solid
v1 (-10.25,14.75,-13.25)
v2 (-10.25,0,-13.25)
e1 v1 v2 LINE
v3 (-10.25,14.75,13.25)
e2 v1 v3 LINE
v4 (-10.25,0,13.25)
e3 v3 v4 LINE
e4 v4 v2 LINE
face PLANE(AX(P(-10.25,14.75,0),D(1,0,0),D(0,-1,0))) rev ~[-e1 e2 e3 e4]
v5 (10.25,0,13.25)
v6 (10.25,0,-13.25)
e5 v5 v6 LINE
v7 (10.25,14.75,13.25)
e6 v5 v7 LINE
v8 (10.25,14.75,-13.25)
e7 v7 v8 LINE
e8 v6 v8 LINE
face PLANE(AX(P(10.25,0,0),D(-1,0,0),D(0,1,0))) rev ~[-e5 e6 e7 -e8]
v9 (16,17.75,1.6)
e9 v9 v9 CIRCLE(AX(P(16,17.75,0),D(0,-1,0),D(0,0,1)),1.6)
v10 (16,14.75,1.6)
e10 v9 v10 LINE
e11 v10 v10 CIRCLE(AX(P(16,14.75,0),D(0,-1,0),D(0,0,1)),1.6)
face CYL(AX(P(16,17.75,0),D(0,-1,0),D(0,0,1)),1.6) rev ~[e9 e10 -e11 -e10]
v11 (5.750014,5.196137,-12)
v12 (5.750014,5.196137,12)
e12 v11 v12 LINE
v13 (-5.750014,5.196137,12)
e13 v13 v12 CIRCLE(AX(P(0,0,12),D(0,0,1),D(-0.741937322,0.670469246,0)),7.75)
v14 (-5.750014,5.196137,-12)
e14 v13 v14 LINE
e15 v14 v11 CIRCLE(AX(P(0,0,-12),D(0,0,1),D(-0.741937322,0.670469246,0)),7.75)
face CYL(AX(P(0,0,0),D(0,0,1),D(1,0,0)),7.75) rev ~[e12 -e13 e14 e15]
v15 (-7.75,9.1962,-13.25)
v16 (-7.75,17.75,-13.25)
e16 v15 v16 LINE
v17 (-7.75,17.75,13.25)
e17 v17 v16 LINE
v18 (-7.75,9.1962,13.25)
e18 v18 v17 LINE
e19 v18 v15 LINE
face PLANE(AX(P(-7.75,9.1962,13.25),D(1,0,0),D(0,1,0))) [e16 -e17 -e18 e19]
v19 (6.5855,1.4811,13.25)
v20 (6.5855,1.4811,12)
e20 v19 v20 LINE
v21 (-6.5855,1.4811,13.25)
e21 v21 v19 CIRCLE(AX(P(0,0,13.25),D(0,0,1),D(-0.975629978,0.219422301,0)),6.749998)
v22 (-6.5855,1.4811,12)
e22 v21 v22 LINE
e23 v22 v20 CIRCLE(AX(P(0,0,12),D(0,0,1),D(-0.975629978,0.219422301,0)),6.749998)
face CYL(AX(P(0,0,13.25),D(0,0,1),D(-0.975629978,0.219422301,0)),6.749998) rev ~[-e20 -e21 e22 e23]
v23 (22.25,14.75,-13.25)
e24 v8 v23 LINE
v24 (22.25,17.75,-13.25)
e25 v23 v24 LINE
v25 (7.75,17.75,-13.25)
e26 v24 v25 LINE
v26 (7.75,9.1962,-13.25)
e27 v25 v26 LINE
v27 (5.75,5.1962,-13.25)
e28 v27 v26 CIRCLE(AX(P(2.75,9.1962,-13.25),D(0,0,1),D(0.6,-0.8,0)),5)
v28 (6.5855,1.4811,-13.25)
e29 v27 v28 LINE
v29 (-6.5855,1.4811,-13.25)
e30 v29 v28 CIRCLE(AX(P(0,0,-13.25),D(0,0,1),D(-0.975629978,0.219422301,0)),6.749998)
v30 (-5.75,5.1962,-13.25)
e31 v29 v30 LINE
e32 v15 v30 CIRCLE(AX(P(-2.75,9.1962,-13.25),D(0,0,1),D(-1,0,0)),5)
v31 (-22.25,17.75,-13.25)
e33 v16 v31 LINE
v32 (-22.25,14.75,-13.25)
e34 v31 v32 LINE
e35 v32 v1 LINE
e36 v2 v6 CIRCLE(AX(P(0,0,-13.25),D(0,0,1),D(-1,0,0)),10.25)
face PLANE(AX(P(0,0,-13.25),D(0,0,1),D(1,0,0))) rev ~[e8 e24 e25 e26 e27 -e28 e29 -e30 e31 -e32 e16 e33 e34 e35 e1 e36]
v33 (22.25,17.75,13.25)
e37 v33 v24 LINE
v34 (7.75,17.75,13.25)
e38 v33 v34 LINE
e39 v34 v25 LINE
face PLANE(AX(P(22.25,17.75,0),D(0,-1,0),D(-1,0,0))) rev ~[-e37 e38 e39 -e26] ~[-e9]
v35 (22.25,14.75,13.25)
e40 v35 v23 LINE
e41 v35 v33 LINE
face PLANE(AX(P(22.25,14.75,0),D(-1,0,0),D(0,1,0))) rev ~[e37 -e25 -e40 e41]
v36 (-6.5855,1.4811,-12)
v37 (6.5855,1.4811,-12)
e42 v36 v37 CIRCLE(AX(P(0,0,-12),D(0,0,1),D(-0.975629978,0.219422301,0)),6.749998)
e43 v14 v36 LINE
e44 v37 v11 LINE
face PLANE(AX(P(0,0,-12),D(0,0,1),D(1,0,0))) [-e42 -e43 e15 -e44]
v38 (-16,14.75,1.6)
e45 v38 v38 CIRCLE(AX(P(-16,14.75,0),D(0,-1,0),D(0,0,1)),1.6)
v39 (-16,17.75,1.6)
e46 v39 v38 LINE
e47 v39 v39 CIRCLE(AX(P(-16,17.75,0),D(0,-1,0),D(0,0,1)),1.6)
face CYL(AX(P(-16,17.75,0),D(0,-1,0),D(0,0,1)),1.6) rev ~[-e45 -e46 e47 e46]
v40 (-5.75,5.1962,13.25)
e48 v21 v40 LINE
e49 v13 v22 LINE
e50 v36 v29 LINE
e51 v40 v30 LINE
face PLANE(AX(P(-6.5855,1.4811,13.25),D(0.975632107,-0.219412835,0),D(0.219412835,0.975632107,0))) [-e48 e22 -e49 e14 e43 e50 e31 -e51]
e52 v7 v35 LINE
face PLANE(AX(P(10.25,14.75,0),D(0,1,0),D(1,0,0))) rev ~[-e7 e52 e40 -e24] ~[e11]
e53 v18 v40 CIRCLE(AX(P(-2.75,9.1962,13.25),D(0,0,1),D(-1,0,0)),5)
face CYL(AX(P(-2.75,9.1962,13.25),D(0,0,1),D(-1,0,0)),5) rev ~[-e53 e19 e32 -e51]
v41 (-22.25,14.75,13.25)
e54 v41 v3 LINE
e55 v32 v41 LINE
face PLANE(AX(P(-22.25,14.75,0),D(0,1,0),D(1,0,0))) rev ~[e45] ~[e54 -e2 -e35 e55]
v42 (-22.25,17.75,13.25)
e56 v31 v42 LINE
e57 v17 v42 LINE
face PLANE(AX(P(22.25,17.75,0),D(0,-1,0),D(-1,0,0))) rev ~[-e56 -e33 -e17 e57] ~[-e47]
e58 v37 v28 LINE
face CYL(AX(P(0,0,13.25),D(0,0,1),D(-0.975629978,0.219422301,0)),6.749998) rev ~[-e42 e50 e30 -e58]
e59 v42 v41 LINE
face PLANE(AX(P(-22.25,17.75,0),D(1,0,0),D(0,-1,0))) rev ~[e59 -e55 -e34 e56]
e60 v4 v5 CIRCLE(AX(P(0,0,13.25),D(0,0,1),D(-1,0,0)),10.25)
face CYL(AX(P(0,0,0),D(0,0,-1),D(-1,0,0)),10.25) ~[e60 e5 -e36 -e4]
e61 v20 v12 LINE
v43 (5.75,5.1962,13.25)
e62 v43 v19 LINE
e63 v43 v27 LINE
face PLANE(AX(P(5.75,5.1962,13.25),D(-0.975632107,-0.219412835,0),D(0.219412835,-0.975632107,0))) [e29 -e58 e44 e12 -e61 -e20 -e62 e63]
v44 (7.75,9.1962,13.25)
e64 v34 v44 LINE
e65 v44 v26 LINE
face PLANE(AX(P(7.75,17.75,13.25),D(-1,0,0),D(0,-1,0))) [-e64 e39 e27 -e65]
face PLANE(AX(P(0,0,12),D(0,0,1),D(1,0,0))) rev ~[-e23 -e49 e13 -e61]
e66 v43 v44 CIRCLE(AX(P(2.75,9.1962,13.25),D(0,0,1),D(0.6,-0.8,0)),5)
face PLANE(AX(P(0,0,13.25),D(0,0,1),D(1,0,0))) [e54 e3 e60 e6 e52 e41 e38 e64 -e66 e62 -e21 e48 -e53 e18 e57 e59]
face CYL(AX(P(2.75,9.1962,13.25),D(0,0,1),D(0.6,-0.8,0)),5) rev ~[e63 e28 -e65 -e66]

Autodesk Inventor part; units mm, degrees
ref_plane "YZ Plane" through (0, 0, 0) normal (1, 0, 0) x (0, 1, 0)
ref_plane "XZ Plane" through (0, 0, 0) normal (0, 1, 0) x (-1, 0, 0)
ref_plane "XY Plane" through (0, 0, 0) normal (0, 0, 1) x (1, 0, 0)
sketch "Sketch1" plane through (0, 0, 0) normal (0, 0, 1) x (1, 0, 0)
  line L0 (-22.25, 17.75) -> (-22.25, 14.75)
  line L1 (-22.25, 14.75) -> (-10.25, 14.75)
  line L2 (-10.25, 14.75) -> (-10.25, 0)
  arc A0 (-10.25, 0) -> (10.25, 0) centre (0, 0) ccw
  line L3 (10.25, 0) -> (10.25, 14.75)
  line L4 (10.25, 14.75) -> (22.25, 14.75)
  line L5 (22.25, 14.75) -> (22.25, 17.75)
  line L6 (22.25, 17.75) -> (-22.25, 17.75)
  point P0 (0, 17.75)
  dimension "d0" = 44.5
  dimension "d1" = 10.25
  dimension "d2" = 3
  dimension "d3" = 17.75
extrude "Extrusion1" add sketch "Sketch1" along normal mid plane 26.5
sketch "Sketch2" plane through (0, 0, 13.25) normal (0, 0, 1) x (1, 0, 0)
  line L0 (-22.25, 17.75) -> (-22.25, 14.75) construction
  line L1 (-22.25, 14.75) -> (-10.25, 14.75) construction
  line L2 (-10.25, 14.75) -> (-10.25, 0) construction
  arc A0 (-10.25, 0) -> (10.25, 0) centre (0, 0) ccw construction
  line L3 (10.25, 0) -> (10.25, 14.75) construction
  line L4 (10.25, 14.75) -> (22.25, 14.75) construction
  line L5 (22.25, 14.75) -> (22.25, 17.75) construction
  line L6 (22.25, 17.75) -> (-22.25, 17.75) construction
  line L7 (-7.75, 17.75) -> (7.75, 17.75)
  line L8 (7.75, 17.75) -> (7.75, 9.1962)
  arc A1 (5.75, 5.1962) -> (7.75, 9.1962) centre (2.75, 9.1962) ccw
  line L9 (5.75, 5.1962) -> (6.5855, 1.4811)
  arc A2 (-6.5855, 1.4811) -> (6.5855, 1.4811) centre (0, 0) ccw
  line L10 (-6.5855, 1.4811) -> (-5.75, 5.1962)
  arc A3 (-7.75, 9.1962) -> (-5.75, 5.1962) centre (-2.75, 9.1962) ccw
  line L11 (-7.75, 9.1962) -> (-7.75, 17.75)
  line L12 (22.25, 17.75) -> (-22.25, 17.75) projected
  point P0 (0, 17.75)
  dimension "d6" = 5
  dimension "d7" = 6.75
  dimension "d8" = 2.5
  dimension "d9" = 11.5
  dimension "d10" = 7.75
extrude "Extrusion2" cut sketch "Sketch2" against normal blind 26.5
sketch "Sketch3" plane through (0, 0, 0) normal (0, 0, 1) x (1, 0, 0)
  circle A0 centre (0, 0) radius 7.75
  dimension "d13" = 15.5
extrude "Extrusion3" cut sketch "Sketch3" along normal mid plane 24
sketch "Sketch4" plane through (-22.25, 17.75, 13.25) normal (0, 1, 0) x (1, 0, 0)
  line L0 (0, 26.5) -> (14.5, 26.5) projected
  line L1 (44.5, 26.5) -> (44.5, 0) projected
  point P0 (22.25, 13.25)
  point P1 (0, 0)
  point P2 (6.25, 13.25)
  point P3 (38.25, 13.25)
  dimension "d16" = 6.25
  dimension "d17" = 13.25
  dimension "d19" = 6.25
hole "Hole1" at (-16, 17.75, 0) at (16, 17.75, 0) direction (0, -1, 0) diameter 3.2 end through all
equation "\"d19\" = d16"
properties part number "Heated Bed Bearing Mount"
